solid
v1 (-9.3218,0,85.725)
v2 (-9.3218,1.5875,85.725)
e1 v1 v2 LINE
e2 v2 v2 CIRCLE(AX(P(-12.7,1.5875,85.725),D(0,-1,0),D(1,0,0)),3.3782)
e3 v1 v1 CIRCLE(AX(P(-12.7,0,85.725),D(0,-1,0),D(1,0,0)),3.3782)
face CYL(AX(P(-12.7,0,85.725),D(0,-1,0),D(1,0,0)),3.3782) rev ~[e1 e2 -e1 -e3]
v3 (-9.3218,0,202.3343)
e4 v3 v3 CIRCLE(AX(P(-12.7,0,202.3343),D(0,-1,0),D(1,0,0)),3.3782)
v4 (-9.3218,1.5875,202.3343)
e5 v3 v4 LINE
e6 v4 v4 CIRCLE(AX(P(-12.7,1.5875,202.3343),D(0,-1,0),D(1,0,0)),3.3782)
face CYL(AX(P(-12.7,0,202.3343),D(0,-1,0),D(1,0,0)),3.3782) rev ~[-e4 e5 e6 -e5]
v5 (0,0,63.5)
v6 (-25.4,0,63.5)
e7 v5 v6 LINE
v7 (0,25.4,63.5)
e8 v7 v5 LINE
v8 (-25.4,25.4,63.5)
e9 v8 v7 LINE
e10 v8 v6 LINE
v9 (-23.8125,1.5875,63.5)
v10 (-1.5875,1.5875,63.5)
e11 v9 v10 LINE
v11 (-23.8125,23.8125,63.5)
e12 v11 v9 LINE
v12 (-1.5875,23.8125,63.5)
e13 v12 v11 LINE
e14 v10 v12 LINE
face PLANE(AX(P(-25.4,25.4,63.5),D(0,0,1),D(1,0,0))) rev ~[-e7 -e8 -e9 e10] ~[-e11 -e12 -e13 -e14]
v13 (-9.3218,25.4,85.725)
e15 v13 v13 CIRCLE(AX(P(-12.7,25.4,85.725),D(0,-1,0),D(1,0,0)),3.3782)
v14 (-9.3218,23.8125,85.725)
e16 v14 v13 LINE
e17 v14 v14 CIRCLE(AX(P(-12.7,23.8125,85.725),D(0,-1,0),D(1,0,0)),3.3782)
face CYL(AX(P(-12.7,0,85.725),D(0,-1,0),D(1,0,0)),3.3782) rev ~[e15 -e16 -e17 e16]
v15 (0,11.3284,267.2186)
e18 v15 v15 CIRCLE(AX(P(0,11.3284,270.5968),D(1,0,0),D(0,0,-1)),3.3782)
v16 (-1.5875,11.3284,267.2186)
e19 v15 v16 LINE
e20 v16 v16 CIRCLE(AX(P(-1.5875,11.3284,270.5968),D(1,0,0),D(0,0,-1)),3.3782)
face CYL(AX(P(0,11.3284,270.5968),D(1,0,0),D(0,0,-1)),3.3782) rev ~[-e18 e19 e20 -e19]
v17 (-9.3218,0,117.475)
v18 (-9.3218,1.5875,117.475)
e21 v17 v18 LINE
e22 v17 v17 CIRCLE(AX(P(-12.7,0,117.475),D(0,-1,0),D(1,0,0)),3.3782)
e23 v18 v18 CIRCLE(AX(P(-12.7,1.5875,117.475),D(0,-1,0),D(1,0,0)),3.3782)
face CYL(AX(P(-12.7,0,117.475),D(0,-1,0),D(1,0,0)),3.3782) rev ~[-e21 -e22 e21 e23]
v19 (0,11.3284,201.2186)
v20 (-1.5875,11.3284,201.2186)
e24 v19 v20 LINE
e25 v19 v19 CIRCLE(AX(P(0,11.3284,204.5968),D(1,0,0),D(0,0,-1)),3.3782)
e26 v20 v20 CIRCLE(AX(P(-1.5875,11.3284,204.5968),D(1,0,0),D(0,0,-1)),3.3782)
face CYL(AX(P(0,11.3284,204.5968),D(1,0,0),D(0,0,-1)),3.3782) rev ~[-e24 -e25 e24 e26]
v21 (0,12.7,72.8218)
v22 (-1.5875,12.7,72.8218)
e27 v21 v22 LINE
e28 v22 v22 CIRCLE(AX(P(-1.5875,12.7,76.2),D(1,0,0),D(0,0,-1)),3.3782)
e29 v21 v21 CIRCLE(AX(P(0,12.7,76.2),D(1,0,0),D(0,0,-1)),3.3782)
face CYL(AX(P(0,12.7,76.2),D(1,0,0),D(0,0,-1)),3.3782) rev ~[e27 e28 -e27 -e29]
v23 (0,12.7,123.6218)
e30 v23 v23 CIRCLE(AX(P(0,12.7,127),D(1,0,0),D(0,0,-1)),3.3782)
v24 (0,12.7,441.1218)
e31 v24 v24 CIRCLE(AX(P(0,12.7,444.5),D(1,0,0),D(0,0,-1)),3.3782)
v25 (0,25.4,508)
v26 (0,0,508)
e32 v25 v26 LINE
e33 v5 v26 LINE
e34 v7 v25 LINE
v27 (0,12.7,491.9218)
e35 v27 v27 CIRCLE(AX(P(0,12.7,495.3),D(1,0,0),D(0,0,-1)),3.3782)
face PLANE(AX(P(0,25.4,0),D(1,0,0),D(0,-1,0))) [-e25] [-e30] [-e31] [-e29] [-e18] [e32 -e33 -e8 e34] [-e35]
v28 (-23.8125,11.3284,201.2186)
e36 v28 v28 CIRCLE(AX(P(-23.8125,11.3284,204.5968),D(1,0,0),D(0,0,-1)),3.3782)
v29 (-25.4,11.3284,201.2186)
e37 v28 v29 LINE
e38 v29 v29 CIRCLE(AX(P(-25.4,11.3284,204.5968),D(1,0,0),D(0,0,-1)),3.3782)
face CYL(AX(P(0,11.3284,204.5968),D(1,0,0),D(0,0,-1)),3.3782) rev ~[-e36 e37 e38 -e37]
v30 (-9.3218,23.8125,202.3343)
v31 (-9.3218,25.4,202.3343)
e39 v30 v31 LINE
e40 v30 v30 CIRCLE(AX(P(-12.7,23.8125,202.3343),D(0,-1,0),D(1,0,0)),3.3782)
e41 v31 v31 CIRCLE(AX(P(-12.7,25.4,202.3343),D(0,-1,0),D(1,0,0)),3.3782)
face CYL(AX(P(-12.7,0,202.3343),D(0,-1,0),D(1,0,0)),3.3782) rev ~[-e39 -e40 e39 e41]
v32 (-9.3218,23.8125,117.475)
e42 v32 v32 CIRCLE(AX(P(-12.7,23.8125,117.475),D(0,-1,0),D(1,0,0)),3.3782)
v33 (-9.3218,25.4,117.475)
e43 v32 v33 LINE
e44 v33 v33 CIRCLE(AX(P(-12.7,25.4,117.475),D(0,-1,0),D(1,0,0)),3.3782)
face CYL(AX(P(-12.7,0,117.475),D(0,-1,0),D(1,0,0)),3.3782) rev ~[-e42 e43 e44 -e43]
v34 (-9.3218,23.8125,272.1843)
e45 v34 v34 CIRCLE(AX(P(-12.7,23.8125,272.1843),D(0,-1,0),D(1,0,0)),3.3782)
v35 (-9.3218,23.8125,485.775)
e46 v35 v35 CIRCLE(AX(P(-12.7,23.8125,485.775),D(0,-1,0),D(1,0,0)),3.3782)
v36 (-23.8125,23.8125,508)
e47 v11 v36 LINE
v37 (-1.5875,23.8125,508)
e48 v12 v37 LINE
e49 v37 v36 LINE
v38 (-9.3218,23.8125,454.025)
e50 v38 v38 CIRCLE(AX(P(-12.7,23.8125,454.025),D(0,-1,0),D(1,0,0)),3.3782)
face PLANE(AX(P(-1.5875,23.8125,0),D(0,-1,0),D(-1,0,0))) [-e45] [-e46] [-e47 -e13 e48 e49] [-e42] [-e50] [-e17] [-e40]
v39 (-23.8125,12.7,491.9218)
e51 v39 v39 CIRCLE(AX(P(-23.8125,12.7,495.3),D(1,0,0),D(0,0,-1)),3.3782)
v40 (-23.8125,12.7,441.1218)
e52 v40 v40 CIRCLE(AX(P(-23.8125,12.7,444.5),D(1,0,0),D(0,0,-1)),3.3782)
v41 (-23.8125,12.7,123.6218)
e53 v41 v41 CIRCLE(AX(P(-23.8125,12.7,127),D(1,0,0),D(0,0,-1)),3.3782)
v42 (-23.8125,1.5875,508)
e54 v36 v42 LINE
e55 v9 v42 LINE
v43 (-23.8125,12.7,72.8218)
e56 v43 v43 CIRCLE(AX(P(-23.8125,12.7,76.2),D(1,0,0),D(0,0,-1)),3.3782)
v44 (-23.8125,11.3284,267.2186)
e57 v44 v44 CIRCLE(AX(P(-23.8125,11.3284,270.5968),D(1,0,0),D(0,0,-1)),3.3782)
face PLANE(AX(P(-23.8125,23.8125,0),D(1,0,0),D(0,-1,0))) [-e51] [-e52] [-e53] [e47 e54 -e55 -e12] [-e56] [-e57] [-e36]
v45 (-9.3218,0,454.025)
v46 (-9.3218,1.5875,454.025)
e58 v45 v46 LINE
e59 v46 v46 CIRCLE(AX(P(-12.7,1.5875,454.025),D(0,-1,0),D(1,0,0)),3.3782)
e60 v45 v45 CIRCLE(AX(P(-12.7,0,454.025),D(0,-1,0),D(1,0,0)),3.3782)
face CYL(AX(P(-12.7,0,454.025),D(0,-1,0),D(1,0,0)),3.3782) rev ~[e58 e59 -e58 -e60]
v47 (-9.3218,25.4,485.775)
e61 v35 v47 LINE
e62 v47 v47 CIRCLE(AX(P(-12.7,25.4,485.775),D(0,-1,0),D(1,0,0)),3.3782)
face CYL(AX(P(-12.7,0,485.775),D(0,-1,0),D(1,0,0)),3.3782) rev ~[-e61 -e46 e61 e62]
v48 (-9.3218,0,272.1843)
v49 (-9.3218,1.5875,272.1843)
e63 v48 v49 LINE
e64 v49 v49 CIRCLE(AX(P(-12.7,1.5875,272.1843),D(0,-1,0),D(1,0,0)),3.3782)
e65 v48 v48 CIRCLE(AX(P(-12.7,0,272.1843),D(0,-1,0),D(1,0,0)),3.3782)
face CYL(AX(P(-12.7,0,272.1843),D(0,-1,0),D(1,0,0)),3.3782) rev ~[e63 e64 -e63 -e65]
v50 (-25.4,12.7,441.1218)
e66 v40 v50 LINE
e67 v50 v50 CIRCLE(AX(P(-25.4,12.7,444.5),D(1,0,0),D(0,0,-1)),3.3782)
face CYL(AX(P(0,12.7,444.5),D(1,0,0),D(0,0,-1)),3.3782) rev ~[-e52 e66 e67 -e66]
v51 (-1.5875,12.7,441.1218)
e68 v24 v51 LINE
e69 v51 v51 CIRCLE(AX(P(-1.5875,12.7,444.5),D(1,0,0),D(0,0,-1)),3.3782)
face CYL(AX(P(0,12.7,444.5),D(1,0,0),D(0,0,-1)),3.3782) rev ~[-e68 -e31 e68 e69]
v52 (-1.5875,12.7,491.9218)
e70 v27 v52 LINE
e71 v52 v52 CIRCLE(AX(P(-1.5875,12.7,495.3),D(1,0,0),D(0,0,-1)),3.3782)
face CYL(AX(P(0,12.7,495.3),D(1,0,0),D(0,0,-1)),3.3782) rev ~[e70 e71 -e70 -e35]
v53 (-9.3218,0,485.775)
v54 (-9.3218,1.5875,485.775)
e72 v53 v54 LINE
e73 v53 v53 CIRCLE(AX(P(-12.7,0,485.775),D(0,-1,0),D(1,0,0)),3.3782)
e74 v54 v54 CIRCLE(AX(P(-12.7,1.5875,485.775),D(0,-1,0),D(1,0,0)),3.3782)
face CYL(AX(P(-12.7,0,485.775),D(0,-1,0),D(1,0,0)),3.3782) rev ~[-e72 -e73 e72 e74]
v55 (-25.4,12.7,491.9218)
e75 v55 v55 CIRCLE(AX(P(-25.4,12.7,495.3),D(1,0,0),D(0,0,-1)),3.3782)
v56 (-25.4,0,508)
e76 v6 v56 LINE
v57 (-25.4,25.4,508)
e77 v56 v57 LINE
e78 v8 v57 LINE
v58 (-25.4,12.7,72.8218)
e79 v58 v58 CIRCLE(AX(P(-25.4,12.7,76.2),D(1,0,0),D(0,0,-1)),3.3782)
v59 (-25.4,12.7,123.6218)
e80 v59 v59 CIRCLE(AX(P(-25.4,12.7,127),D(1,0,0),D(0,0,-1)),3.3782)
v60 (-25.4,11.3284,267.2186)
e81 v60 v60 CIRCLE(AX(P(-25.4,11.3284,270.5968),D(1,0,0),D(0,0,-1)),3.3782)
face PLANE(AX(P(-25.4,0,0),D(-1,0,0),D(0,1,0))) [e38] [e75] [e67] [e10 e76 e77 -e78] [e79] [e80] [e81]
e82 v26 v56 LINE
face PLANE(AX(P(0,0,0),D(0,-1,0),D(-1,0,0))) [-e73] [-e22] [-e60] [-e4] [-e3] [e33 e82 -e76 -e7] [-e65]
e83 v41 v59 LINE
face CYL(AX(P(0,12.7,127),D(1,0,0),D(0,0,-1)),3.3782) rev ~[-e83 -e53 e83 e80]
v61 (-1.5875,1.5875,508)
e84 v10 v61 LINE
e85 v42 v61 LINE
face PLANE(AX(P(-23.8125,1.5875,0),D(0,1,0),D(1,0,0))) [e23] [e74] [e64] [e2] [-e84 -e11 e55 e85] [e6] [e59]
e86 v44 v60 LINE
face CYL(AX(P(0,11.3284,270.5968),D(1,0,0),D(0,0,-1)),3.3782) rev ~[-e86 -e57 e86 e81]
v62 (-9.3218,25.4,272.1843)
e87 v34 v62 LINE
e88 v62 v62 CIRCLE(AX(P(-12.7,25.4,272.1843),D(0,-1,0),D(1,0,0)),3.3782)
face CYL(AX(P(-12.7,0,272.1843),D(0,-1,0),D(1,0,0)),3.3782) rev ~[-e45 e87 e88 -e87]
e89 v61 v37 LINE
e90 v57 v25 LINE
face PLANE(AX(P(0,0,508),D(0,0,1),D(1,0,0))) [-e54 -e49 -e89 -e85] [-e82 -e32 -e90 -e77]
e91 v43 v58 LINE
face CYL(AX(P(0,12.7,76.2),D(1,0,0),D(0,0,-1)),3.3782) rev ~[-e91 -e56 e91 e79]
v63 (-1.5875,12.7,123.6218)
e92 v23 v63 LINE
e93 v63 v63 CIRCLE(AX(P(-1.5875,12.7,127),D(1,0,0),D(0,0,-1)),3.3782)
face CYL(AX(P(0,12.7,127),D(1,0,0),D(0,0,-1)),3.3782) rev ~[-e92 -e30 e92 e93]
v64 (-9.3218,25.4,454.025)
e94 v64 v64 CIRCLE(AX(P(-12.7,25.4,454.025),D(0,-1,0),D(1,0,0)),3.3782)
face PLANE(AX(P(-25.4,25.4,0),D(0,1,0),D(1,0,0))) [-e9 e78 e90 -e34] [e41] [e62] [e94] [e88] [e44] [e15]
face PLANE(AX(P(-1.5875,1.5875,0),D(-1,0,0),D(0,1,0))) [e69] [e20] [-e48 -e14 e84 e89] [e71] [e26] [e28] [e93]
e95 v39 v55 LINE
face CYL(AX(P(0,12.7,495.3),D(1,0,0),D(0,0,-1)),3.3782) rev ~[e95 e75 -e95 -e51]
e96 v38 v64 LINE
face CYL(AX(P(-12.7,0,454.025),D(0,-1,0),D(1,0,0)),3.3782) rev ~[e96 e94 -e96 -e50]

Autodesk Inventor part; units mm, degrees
ref_plane "YZ Plane" through (0, 0, 0) normal (1, 0, 0) x (0, 1, 0)
ref_plane "XZ Plane" through (0, 0, 0) normal (0, 1, 0) x (-1, 0, 0)
ref_plane "XY Plane" through (0, 0, 0) normal (0, 0, 1) x (1, 0, 0)
sketch "Sketch1" plane through (0, 0, 0) normal (0, 0, 1) x (1, 0, 0)
  line L0 (0, 0) -> (-25.4, 0)
  line L1 (-25.4, 0) -> (-25.4, 25.4)
  line L2 (-25.4, 25.4) -> (0, 25.4)
  line L3 (0, 25.4) -> (0, 0)
  line L4 (-1.5875, 23.8125) -> (-23.8125, 23.8125)
  line L5 (-23.8125, 23.8125) -> (-23.8125, 1.5875)
  line L6 (-23.8125, 1.5875) -> (-1.5875, 1.5875)
  line L7 (-1.5875, 1.5875) -> (-1.5875, 23.8125)
  dimension "d0" = 25.4
  dimension "d2" = 25.4
  dimension "d3" = 1.5875
extrude "Extrusion1" add sketch "Sketch1" along normal blind 508
sketch "Sketch2" plane through (-25.4, 25.4, 0) normal (0, 1, 0) x (1, 0, 0)
  line L0 (0, 0) -> (25.4, 0) projected
  line L1 (0, 0) -> (0, -508) projected
  line L2 (25.4, -508) -> (0, -508) projected
  line L3 (25.4, 0) -> (25.4, -508) projected
  line L4 (0, -63.5) -> (25.4, -63.5) construction
  line L5 (0, -63.5) -> (25.4, -63.5)
  point P0 (25.4, -54.61)
  point P1 (0, -56.388)
  point P2 (25.4, -60.1453)
  dimension "d12" = 3.3547
  dimension "d13" = 444.5
extrude "Extrusion2" cut sketch "Sketch2" against normal blind 508 contours L0 L3 L5 L1
sketch "Sketch3" plane through (-25.4, 0, 508) normal (0, -1, 0) x (1, 0, 0)
  circle A0 centre (12.7, -235.8157) radius 3.3782
  circle A1 centre (12.7, -305.6657) radius 3.3782
  point P0 (25.4, -508)
extrude "Extrusion3" cut sketch "Sketch3" against normal blind 25.4
sketch "Sketch4" plane through (0, 0, 508) normal (1, 0, 0) x (0, 0, -1)
  circle A0 centre (237.4032, 11.3284) radius 3.3782
  circle A1 centre (303.4032, 11.3284) radius 3.3782
  point P0 (508, 0)
extrude "Extrusion4" cut sketch "Sketch4" against normal blind 25.4
sketch "Sketch13" plane through (0, 0, 508) normal (1, 0, 0) x (0, 0, -1)
  circle A0 centre (381, 12.7) radius 3.3782
  circle A1 centre (431.8, 12.7) radius 3.3782
  circle A2 centre (12.7, 12.7) radius 3.3782
  circle A3 centre (63.5, 12.7) radius 3.3782
  point P0 (508, 0)
extrude "Extrusion13" cut sketch "Sketch13" against normal blind 25.4
sketch "Sketch14" plane through (-25.4, 0, 508) normal (0, -1, 0) x (1, 0, 0)
  circle A0 centre (12.7, -22.225) radius 3.3782
  circle A1 centre (12.7, -53.975) radius 3.3782
  circle A2 centre (12.7, -390.525) radius 3.3782
  circle A3 centre (12.7, -422.275) radius 3.3782
  point P0 (25.4, -508)
extrude "Extrusion14" cut sketch "Sketch14" against normal blind 25.4
properties part number "Square Motor Mount" material "Aluminum 6061"
